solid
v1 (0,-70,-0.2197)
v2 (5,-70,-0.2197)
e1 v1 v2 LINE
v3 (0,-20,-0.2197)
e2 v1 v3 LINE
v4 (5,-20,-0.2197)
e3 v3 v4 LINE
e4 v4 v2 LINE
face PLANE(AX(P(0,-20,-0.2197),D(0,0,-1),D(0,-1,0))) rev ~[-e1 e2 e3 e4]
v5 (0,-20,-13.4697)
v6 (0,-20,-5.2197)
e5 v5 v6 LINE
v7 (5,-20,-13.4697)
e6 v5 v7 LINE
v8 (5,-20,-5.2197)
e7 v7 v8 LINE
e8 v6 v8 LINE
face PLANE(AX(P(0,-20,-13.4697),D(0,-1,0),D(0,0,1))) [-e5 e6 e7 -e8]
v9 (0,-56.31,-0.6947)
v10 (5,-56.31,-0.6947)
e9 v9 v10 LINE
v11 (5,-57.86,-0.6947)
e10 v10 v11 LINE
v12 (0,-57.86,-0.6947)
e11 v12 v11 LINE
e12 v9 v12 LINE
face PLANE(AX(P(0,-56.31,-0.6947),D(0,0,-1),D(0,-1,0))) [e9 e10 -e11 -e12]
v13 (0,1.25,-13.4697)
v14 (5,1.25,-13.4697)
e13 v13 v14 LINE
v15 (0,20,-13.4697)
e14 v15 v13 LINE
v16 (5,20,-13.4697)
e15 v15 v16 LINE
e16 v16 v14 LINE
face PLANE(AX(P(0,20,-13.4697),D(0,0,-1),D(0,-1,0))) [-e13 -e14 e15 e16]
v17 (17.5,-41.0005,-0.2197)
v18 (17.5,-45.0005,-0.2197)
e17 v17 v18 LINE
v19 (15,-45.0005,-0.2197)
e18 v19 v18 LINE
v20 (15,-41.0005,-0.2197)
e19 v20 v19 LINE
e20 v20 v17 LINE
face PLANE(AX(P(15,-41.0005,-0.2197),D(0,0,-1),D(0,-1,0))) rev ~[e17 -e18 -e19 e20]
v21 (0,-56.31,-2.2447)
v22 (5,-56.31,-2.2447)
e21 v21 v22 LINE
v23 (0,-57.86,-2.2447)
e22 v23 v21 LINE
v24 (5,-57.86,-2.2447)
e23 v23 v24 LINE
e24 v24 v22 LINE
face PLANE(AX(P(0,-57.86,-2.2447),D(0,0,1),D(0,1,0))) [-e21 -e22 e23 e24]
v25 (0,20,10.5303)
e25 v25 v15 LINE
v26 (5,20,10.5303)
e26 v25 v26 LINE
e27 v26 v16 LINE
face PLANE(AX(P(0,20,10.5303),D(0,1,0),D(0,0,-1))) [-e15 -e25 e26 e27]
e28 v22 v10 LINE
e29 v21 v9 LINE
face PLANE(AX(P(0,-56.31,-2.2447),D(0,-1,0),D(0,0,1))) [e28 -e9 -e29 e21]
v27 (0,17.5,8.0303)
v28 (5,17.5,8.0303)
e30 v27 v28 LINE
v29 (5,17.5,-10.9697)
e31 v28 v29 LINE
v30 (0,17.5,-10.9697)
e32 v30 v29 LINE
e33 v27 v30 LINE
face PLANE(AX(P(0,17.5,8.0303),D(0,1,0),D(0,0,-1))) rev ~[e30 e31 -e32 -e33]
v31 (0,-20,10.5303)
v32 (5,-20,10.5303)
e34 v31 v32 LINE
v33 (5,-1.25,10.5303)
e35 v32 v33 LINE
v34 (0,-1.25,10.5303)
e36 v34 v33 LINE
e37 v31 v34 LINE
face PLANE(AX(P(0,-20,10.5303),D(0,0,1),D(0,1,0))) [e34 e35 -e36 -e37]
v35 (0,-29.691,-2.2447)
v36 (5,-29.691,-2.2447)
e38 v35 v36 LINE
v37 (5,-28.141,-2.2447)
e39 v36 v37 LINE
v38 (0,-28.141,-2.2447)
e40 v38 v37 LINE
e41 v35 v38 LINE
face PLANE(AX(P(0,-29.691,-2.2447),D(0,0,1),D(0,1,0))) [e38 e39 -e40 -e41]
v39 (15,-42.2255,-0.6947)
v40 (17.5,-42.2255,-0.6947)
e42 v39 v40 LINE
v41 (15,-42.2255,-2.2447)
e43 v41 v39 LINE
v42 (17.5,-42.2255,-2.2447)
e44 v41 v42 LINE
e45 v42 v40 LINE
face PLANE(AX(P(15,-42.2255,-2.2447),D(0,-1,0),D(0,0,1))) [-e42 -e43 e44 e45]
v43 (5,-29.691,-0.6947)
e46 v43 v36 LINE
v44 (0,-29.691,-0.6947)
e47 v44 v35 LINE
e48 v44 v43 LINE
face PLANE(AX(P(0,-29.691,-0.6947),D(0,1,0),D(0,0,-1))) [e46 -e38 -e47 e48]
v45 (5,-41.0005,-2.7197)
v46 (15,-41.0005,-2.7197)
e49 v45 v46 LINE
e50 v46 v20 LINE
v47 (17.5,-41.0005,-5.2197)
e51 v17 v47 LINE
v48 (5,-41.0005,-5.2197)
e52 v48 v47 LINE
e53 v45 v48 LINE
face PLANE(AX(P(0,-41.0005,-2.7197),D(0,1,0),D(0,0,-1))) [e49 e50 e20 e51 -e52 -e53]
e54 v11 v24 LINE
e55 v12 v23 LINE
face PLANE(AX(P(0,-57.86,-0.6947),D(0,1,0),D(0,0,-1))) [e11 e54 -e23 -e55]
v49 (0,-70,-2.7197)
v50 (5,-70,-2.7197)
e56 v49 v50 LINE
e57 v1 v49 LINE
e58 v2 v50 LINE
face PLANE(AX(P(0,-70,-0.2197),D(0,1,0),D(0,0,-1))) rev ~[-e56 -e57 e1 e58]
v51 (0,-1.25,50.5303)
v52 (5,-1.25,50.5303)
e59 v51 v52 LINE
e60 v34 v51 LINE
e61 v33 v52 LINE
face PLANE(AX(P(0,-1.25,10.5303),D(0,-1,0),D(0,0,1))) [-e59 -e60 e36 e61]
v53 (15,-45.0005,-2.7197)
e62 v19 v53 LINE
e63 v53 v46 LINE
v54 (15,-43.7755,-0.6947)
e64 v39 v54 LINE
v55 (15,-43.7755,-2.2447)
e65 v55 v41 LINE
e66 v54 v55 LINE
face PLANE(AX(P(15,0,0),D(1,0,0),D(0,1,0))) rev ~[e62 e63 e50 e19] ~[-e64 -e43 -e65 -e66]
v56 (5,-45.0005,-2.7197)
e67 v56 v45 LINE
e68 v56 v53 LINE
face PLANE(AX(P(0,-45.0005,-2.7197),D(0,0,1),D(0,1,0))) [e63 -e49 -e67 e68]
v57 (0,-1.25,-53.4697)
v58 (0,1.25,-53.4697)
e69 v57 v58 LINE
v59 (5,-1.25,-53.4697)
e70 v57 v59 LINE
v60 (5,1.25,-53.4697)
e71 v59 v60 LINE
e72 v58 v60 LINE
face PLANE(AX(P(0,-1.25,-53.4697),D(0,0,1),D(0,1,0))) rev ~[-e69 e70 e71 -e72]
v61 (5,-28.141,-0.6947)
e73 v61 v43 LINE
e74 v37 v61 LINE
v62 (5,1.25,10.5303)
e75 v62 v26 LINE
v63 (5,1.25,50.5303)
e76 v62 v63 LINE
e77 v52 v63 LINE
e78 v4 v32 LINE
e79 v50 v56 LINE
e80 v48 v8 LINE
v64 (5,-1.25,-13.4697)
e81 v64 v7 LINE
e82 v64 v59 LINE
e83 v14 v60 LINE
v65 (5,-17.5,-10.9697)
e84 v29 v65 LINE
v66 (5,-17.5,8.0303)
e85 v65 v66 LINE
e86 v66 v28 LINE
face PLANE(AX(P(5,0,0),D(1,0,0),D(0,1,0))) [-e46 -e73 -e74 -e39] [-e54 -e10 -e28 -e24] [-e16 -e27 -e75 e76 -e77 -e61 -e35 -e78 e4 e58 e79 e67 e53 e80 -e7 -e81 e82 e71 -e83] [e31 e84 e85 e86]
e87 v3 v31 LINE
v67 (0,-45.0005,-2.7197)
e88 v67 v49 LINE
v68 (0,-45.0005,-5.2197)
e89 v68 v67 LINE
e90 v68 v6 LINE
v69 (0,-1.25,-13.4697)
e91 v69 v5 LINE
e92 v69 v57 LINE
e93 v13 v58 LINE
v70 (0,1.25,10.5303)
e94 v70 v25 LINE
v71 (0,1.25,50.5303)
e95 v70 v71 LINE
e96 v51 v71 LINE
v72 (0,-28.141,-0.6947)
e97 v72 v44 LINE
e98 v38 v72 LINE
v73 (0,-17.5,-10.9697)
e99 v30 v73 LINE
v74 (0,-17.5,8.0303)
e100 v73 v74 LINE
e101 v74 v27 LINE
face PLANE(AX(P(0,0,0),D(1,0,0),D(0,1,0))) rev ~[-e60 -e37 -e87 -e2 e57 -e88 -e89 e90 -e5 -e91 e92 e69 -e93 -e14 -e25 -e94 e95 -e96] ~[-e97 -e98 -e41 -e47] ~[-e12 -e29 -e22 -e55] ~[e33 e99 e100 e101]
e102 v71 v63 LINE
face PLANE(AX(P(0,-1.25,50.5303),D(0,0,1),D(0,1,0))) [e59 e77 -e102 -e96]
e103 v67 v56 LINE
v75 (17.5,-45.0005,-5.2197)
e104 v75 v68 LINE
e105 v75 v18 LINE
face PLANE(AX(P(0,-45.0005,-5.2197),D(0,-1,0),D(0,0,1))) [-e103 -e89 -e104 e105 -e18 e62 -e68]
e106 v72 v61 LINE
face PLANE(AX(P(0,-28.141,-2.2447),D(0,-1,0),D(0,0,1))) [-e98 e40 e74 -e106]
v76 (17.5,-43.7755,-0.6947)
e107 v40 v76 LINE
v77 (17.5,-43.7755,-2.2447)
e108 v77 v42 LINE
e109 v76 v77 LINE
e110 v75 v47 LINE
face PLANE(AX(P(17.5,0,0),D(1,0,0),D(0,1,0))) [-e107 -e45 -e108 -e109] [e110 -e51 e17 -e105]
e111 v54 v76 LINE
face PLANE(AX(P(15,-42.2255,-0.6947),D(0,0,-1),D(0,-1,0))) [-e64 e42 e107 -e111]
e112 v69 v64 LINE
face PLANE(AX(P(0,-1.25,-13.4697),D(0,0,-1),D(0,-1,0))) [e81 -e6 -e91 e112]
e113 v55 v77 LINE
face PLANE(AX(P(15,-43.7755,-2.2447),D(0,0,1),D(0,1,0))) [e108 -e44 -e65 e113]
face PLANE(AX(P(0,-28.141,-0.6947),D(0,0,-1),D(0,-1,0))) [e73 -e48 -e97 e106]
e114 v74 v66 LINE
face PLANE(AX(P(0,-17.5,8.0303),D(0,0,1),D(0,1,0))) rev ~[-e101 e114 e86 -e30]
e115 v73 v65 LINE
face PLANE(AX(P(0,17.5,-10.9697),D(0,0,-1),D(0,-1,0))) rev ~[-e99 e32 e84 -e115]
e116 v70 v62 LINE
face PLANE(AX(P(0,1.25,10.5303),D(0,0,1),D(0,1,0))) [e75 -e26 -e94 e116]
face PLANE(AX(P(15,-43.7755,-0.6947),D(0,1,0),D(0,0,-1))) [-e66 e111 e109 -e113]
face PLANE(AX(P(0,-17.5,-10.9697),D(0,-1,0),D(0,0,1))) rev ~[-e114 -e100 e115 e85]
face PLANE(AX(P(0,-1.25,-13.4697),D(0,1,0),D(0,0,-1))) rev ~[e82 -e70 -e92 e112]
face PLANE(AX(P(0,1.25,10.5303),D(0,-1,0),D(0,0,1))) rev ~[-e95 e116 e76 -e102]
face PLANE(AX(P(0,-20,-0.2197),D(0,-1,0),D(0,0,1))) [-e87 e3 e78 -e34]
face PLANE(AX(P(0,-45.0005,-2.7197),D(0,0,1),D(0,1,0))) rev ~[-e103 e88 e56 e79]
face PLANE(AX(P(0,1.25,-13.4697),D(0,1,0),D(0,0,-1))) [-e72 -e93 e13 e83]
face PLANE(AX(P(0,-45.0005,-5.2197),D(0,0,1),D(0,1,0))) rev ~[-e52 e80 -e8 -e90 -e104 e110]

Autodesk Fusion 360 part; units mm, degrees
sketch "cadru" plane through (0, 0, 0) normal (1, 0, 0) x (0, 1, 0)
  line L0 (-20, -13.4697) -> (-20, 10.5303)
  line L1 (-17.5, -10.9697) -> (-17.5, 8.0303)
  line L2 (17.5, -10.9697) -> (-17.5, -10.9697)
  line L3 (20, -13.4697) -> (-20, -13.4697)
  line L4 (17.5, 8.0303) -> (17.5, -10.9697)
  line L5 (20, 10.5303) -> (20, -13.4697)
  line L6 (-20, 10.5303) -> (20, 10.5303)
  line L7 (-17.5, 8.0303) -> (17.5, 8.0303)
  line L8 (-1.25, 10.5303) -> (-1.25, 50.5303)
  line L9 (0, 0) -> (0, 50) construction
  line L10 (1.25, 10.5303) -> (1.25, 50.5303)
  line L11 (-1.25, 50.5303) -> (1.25, 50.5303)
  line L12 (17.5, -1.4697) -> (0, -1.4697) construction
  line L13 (-1.25, -53.4697) -> (1.25, -53.4697)
  line L14 (-1.25, -13.4697) -> (-1.25, -53.4697)
  line L15 (1.25, -13.4697) -> (1.25, -53.4697)
  line L16 (-20, -0.2197) -> (-70, -0.2197)
  line L17 (-70, -0.2197) -> (-70, -2.7197)
  line L18 (-70, -2.7197) -> (-20, -2.7197)
  line L19 (0, -1.4697) -> (-28.916, -1.4697) construction
  line L20 (-28.916, -1.4697) -> (-57.085, -1.4697) construction
  line L21 (-56.31, -0.6947) -> (-57.86, -0.6947)
  line L22 (-57.86, -0.6947) -> (-57.86, -2.2447)
  line L23 (-57.86, -2.2447) -> (-56.31, -2.2447)
  line L24 (-56.31, -2.2447) -> (-56.31, -0.6947)
  line L25 (-56.31, -0.6947) -> (-57.86, -2.2447) construction
  line L26 (-57.86, -0.6947) -> (-56.31, -2.2447) construction
  line L27 (-43.0005, -1.4697) -> (-43.0005, -15) construction
  line L28 (-45.0005, -5.2197) -> (-20, -5.2197)
  line L29 (-45.0005, -5.2197) -> (-45.0005, -0.2197)
  line L30 (-41.0005, -0.2197) -> (-41.0005, -5.2197)
  line L31 (-42.2255, -0.6947) -> (-43.7755, -0.6947)
  line L32 (-43.7755, -0.6947) -> (-43.7755, -2.2447)
  line L33 (-43.7755, -2.2447) -> (-42.2255, -2.2447)
  line L34 (-42.2255, -2.2447) -> (-42.2255, -0.6947)
  line L35 (-42.2255, -0.6947) -> (-43.7755, -2.2447) construction
  line L36 (-43.7755, -0.6947) -> (-42.2255, -2.2447) construction
  line L37 (-28.141, -0.6947) -> (-29.691, -0.6947)
  line L38 (-29.691, -0.6947) -> (-29.691, -2.2447)
  line L39 (-29.691, -2.2447) -> (-28.141, -2.2447)
  line L40 (-28.141, -2.2447) -> (-28.141, -0.6947)
  line L41 (-28.141, -0.6947) -> (-29.691, -2.2447) construction
  line L42 (-29.691, -0.6947) -> (-28.141, -2.2447) construction
  point P0 (-57.085, -1.4697)
  point P1 (-43.0005, -1.4697)
  point P2 (-28.916, -1.4697)
  dimension "d1" = -2.5
  dimension "d2" = 35
  dimension "d3" = 19
  dimension "d4" = 8.0303
  dimension "d5" = 17.5
  dimension "d6" = 40
  dimension "d7" = 1.25
  dimension "d10" = 50
  dimension "d11" = 2.5
  dimension "d12" = 1.25
  dimension "d13" = 28.916
  dimension "d15" = 28.169
  dimension "d16" = 1.55
  dimension "d17" = 1.55
  dimension "d22" = 14.0845
  dimension "d23" = 2.5
  dimension "d24" = 2
  dimension "d25" = 2
  dimension "d26" = 1.55
  dimension "d27" = 1.55
  dimension "d33" = 1.55
  dimension "d34" = 1.55
extrude "Extrude1" add sketch "cadru" along normal blind 5 contours L0 L3 L5 L6 | L0 L18 L28 L30 | L3 L13 L14 L15 | L0 L16 L18 L30 | L16 L18 L29 L30 | L16 L17 L18 L29 | L6 L8 L10 L11 | L31 L32 L33 L34
extrude "Extrude2" add sketch "cadru" along normal blind 15 contours L18 L28 L29 L30
extrude "Extrude3" add sketch "cadru" along normal blind 2.5 from surface at 15 contours L18 L28 L29 L30 | L16 L18 L29 L30
equation "d22 = ( 28.169 / 2 ) * 1 mm"
